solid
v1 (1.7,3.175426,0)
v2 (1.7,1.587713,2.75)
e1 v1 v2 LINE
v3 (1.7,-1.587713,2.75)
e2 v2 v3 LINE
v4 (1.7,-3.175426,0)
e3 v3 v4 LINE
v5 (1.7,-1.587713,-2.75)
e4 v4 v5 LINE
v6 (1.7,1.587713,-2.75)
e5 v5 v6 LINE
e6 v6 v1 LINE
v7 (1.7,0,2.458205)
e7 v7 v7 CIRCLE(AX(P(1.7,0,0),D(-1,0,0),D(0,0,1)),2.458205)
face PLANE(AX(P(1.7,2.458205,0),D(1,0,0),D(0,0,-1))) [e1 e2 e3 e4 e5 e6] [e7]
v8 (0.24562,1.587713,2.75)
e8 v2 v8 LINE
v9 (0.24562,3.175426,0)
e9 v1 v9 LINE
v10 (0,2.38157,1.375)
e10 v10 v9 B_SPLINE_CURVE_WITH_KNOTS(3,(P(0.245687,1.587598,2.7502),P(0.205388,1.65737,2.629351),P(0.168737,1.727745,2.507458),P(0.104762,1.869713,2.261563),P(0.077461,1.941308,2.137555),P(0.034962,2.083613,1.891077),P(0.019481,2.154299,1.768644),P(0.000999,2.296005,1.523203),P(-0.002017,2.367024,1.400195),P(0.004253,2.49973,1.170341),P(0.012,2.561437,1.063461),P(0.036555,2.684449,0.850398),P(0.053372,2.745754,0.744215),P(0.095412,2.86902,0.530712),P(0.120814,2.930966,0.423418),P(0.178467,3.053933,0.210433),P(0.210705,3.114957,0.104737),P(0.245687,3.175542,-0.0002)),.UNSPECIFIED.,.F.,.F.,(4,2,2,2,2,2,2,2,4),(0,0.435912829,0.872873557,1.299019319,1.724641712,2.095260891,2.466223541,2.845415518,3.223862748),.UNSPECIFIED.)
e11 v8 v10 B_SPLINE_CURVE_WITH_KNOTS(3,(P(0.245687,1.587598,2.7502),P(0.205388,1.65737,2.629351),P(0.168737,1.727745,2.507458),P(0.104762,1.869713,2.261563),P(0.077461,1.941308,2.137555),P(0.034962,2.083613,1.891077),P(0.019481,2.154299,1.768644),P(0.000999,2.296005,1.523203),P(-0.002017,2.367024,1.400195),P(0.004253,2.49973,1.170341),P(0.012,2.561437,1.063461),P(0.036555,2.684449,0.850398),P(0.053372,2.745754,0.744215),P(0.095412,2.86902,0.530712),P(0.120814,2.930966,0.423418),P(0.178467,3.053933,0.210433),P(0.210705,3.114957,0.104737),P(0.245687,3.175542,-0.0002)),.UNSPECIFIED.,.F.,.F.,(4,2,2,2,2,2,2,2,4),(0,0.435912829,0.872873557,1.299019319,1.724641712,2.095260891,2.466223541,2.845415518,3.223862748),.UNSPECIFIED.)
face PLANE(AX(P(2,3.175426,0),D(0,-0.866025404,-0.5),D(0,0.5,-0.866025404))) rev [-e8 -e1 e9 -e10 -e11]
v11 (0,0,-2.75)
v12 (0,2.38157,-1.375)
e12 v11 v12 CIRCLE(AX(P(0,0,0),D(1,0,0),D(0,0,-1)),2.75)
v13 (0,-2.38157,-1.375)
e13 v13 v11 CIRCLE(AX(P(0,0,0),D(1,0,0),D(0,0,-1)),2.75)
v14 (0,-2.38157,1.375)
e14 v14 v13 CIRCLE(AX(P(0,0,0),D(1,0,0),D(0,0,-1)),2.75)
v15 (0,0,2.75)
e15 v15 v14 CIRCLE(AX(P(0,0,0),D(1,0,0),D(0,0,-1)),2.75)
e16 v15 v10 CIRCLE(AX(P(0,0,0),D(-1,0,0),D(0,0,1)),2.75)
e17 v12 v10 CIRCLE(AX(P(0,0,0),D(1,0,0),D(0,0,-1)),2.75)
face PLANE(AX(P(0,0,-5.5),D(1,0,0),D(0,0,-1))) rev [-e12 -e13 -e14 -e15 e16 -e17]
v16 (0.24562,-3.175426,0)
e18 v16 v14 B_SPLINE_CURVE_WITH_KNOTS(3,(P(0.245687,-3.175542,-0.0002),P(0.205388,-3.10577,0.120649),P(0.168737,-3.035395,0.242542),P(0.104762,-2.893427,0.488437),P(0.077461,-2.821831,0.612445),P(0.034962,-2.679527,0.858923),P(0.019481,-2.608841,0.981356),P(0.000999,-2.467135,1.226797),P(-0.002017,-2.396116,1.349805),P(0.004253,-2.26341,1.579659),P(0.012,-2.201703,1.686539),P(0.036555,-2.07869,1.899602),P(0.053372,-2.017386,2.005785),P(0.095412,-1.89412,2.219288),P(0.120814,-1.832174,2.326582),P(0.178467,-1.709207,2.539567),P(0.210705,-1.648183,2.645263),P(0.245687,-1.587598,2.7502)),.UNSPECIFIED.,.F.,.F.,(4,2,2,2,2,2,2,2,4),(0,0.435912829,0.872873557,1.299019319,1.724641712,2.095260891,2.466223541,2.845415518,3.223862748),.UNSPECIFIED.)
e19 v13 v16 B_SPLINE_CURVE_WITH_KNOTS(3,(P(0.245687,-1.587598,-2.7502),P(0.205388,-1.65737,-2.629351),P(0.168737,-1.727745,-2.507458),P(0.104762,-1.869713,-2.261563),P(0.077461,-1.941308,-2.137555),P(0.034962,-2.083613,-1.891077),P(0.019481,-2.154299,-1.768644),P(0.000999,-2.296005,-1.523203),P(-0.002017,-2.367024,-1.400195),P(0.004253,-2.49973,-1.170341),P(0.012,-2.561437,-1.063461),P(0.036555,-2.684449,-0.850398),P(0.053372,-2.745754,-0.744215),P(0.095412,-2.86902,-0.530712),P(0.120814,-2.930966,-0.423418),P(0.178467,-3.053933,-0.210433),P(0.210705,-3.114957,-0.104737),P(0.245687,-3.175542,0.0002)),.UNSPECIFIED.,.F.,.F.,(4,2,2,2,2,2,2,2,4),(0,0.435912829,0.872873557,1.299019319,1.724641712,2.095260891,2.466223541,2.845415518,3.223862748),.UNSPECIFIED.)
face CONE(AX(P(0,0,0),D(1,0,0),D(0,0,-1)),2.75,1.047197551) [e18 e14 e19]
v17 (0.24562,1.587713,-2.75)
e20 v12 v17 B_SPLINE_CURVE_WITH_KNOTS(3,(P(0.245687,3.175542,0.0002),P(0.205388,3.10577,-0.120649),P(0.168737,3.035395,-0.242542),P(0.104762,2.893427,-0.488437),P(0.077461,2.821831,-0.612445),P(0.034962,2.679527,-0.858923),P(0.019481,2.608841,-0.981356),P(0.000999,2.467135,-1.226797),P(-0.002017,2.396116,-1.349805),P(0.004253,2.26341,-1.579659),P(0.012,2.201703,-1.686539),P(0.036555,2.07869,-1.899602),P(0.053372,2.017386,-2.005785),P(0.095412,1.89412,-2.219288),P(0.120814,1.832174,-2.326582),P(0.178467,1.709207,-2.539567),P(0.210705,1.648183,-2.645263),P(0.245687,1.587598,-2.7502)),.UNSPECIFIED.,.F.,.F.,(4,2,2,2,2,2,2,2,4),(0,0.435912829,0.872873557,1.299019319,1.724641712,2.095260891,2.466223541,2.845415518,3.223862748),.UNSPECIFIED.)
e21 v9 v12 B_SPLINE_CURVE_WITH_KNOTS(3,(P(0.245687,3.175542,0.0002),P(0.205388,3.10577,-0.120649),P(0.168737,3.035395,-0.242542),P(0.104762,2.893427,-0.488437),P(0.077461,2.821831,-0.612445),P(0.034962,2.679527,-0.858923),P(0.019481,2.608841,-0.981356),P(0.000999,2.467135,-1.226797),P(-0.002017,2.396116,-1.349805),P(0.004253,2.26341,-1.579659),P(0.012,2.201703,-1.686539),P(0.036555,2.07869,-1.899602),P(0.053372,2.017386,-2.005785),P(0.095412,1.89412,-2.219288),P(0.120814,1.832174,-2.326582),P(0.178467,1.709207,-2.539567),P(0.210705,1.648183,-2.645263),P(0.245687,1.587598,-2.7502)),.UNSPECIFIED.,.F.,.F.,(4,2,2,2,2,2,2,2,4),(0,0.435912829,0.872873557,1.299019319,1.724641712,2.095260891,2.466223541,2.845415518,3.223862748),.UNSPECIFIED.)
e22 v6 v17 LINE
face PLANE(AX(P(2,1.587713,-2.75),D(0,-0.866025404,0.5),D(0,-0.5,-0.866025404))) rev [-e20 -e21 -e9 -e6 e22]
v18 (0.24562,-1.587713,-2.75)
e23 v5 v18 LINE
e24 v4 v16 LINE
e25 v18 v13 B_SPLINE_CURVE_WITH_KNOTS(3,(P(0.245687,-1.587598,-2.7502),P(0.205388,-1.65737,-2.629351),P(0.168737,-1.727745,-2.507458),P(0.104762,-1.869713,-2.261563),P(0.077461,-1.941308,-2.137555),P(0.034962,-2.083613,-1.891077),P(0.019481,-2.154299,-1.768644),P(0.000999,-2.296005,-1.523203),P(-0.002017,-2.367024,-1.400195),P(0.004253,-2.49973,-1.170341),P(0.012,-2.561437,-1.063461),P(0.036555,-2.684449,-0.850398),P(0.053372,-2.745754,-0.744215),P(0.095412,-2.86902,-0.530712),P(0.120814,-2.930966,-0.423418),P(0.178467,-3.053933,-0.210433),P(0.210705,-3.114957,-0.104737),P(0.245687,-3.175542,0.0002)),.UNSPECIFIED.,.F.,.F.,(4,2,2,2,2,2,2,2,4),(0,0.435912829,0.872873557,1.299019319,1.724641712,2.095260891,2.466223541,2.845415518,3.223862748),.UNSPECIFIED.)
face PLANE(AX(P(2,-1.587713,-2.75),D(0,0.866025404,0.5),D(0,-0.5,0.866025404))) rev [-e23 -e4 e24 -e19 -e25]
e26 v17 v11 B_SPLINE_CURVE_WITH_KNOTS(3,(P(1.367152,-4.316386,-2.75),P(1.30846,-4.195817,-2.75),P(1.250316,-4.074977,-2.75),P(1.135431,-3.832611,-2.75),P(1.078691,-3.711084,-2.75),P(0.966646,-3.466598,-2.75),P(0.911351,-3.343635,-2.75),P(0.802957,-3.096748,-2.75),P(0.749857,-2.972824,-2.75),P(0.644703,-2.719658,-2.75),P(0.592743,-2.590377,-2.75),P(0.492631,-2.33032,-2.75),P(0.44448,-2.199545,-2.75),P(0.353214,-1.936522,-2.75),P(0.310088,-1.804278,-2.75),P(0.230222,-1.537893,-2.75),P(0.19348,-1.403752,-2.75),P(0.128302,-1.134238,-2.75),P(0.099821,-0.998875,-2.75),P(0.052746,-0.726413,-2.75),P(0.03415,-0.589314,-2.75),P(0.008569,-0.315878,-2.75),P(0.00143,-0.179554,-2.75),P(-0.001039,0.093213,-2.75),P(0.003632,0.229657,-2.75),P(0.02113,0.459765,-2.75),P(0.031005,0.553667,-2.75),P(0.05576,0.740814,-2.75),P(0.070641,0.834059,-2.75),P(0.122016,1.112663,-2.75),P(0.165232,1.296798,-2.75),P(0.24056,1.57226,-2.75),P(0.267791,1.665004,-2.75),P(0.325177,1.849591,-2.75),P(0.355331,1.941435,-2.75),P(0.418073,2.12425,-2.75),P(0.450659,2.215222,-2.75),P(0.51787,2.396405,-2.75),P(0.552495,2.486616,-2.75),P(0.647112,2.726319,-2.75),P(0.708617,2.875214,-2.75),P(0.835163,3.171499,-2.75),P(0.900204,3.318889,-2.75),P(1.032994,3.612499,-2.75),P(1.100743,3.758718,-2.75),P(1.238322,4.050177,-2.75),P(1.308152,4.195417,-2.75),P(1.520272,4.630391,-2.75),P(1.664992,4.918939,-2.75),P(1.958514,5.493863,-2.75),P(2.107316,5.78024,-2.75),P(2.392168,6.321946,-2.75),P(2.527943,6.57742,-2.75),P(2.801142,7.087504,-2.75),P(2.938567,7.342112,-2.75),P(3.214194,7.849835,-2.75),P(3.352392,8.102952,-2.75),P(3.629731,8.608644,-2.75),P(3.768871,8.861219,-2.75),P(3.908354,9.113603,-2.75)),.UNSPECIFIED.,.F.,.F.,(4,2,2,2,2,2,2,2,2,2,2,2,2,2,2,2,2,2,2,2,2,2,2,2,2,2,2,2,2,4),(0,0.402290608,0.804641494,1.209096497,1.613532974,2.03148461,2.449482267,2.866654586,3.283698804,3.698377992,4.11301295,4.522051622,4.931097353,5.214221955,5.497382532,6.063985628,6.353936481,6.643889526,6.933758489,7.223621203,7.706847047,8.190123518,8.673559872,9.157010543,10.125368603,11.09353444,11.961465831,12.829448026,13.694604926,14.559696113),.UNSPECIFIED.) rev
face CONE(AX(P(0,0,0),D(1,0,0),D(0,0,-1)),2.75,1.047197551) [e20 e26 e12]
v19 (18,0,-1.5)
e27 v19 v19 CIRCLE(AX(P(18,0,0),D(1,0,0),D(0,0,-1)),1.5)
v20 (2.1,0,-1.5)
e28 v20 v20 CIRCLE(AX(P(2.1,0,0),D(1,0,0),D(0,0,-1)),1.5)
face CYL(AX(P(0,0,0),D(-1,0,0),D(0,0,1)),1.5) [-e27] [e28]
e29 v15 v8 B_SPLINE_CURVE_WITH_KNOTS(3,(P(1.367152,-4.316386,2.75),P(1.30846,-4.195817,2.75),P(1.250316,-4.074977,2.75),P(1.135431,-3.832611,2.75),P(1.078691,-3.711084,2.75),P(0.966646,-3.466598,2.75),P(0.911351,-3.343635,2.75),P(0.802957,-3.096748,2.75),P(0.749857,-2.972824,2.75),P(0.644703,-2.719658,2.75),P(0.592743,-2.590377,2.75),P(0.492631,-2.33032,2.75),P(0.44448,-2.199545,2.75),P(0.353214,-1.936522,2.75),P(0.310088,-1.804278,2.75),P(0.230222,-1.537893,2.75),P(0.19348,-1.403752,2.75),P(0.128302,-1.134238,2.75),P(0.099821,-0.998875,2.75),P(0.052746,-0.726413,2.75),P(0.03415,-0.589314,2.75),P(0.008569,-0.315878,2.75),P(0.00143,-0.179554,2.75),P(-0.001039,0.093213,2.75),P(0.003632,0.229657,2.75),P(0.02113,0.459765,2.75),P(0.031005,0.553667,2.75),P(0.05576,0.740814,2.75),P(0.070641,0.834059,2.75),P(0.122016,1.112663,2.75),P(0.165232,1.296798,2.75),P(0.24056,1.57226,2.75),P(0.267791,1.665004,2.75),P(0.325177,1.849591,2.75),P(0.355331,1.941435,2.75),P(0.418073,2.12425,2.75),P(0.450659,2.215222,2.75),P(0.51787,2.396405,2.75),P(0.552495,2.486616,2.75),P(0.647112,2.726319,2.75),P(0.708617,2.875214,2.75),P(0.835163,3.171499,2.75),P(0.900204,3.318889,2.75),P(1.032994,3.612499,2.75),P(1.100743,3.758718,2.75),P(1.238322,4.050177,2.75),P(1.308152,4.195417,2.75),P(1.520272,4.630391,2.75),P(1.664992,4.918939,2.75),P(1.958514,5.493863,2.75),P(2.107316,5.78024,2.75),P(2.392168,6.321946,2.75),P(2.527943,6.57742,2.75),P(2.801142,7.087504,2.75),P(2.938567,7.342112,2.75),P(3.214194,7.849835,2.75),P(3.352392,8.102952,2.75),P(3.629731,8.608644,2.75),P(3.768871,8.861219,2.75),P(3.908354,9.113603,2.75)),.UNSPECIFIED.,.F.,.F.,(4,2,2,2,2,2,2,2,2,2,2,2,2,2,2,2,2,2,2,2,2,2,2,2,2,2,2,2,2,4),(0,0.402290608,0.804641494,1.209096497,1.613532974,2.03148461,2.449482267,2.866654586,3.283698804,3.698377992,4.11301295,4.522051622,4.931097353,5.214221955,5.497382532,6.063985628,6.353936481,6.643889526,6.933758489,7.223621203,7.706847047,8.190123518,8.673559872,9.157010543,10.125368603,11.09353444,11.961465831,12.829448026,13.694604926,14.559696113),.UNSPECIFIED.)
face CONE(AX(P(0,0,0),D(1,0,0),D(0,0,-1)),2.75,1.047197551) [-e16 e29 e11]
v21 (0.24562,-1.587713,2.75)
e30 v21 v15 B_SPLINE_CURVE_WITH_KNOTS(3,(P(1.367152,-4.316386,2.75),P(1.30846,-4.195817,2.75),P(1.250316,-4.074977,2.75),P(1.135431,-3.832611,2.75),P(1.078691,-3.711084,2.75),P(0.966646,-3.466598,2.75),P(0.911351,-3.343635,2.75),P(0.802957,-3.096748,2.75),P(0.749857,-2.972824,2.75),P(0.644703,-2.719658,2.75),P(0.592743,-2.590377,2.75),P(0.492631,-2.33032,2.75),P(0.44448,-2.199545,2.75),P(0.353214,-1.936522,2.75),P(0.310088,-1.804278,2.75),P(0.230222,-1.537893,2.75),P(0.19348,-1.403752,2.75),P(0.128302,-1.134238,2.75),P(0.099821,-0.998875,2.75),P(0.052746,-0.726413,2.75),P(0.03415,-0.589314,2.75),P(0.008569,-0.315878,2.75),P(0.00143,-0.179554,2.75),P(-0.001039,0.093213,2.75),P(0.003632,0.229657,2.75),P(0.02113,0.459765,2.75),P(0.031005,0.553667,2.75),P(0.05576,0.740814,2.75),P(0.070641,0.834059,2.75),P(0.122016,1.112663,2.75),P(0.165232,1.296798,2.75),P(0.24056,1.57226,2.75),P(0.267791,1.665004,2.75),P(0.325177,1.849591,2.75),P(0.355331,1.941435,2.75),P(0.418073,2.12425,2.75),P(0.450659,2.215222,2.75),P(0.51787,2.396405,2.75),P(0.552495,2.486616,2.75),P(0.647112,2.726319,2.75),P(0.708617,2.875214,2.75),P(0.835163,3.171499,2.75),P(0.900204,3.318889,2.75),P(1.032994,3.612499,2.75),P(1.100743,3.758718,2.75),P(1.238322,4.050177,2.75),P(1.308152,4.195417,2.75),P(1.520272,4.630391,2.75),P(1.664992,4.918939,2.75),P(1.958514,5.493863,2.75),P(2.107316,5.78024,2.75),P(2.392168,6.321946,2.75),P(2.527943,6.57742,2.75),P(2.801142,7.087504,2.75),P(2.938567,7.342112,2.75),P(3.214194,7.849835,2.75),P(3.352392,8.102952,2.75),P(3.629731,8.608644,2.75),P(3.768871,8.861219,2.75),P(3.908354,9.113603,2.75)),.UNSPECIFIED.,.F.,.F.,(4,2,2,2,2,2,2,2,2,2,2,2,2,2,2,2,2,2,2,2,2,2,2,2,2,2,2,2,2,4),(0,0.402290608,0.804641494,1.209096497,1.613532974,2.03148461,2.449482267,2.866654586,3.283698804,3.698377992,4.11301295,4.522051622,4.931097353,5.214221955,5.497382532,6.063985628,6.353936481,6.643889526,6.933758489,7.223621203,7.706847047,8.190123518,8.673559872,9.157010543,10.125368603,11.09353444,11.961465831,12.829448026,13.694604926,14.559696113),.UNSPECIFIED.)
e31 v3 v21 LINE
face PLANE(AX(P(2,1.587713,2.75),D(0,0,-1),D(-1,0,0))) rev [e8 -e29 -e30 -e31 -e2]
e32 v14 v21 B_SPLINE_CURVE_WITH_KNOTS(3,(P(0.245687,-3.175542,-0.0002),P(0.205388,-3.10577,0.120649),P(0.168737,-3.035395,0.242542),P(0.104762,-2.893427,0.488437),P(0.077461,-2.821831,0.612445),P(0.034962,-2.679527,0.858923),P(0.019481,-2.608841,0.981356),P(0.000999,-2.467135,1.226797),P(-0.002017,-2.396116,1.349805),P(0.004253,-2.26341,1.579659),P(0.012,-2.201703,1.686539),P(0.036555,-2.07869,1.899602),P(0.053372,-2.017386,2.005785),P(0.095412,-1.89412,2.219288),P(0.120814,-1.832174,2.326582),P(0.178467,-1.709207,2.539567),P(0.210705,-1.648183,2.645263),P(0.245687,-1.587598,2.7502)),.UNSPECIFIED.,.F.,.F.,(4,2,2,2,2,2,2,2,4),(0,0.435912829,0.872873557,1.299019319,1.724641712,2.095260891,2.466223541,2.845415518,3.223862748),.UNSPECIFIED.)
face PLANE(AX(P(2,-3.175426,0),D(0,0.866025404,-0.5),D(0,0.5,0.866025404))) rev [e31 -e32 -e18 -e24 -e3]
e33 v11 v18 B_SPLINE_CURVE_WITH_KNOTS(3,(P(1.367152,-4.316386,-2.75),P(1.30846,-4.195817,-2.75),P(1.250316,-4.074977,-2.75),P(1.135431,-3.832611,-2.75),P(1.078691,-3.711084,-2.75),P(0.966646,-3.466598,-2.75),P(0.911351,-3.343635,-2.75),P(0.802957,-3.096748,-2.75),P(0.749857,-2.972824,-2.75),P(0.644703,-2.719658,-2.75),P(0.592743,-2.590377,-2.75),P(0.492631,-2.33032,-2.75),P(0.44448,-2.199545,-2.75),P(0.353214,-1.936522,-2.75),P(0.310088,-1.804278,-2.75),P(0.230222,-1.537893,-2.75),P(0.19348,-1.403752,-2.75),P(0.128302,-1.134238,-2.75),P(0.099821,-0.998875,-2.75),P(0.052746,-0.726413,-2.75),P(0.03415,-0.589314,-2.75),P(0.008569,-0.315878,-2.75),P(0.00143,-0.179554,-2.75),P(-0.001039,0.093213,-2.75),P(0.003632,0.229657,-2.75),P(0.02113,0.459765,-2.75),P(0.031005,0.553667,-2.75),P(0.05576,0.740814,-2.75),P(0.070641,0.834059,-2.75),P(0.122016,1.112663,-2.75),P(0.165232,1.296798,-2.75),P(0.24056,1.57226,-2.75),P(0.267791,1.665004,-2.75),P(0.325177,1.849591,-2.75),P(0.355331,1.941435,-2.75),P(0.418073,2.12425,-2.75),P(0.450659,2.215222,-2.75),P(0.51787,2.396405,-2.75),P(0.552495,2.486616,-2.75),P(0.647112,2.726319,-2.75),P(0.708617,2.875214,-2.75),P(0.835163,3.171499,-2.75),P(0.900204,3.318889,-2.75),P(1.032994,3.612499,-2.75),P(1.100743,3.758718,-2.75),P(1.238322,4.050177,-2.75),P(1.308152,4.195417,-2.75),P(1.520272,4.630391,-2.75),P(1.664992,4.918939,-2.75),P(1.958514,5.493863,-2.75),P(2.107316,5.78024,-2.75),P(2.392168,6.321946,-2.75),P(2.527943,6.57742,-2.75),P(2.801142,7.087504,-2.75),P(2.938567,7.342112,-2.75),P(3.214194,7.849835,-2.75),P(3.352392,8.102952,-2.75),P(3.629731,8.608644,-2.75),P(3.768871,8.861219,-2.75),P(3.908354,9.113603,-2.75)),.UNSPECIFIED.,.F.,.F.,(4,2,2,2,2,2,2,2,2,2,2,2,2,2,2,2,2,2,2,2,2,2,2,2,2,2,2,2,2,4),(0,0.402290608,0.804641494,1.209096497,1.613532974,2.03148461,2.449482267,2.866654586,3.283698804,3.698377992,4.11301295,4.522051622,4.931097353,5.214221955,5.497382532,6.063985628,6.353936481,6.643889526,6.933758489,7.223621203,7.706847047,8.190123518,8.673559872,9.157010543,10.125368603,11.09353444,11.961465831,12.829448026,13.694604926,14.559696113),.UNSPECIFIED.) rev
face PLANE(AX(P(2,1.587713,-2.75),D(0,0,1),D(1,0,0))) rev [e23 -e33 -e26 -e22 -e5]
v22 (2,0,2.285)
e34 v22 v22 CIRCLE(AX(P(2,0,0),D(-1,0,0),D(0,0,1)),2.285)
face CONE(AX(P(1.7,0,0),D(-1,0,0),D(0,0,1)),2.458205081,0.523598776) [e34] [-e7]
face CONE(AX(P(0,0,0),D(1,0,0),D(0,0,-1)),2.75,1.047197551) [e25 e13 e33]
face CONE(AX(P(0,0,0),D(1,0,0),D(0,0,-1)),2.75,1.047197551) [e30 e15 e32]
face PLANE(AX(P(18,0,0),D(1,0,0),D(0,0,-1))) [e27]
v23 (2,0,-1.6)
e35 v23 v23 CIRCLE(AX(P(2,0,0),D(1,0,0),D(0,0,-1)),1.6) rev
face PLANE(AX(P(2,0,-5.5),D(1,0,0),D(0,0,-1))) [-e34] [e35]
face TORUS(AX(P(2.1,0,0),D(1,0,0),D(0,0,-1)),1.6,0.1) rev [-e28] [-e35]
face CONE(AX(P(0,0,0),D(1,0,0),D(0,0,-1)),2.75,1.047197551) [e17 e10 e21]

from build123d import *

# Parameters (mm, degrees)
EXTRUDE_400_DEPTH   = 2
FILLET_1302_R       = 0.1
SKETCH_7_R          = 3.348684761
CUT_EXTRUDE_1_DEPTH = 9


with BuildPart() as part:
    # 草图1 → Extrude 400 (new body)
    with BuildSketch(Plane(origin=(0, 0, 0), x_dir=(0, 0, -1), z_dir=(1, 0, 0))):
        Polygon((2.75, 1.58771324), (2.75, -1.58771324), (0, -3.175426481), (-2.75, -1.58771324), (-2.75, 1.58771324), (0, 3.175426481), align=None)
    extrude(amount=EXTRUDE_400_DEPTH)

    # 草图2 → 凸台-旋转1 (revolve)
    with BuildSketch(Plane.XY, mode=Mode.PRIVATE) as revolve_1_sk:
        Polygon((0, 0), (27, 0), (27, 1.067), (27, 1.5), (0, 1.5), align=None)
    revolve(revolve_1_sk.sketch.rotate(Axis((0, 0, 0), (1, 0, 0)), 90), axis=Axis((0, 0, 0), (1, 0, 0)))

    # 草图3 → 切除-旋转1 (revolve, cut)
    with BuildSketch(Plane.XY):
        Polygon((0, 2.75), (3.132371439, 8.175426481), (3.132371439, 13.175426481), (-10, 13.175426481), (-10, 2.75), align=None)
    revolve(axis=Axis((0, 0, 0), (1, 0, 0)), mode=Mode.SUBTRACT)

    # 草图4 → 切除-旋转3 (revolve, cut)
    with BuildSketch(Plane.XY, mode=Mode.PRIVATE) as cut_revolve_3_sk:
        Polygon((2, 2.285), (1.7, 2.458205081), (1.7, 3.175426481), (2, 3.175426481), align=None)
    revolve(cut_revolve_3_sk.sketch.rotate(Axis((0, 0, 0), (1, 0, 0)), 90), axis=Axis((0, 0, 0), (1, 0, 0)), mode=Mode.SUBTRACT)

    # Fillet 1302
    fillet_1302_edges = [part.edges().sort_by_distance(p)[0] for p in [
        (2, 0, -1.5),
    ]]
    fillet(fillet_1302_edges, radius=FILLET_1302_R)

    # 草图6 → 切除-旋转4 (revolve, cut)
    with BuildSketch(Plane.XY, mode=Mode.PRIVATE) as cut_revolve_4_sk:
        Polygon((26.75, 1.5), (27.25, 1.5), (27, 1.066987298), align=None)
    revolve(cut_revolve_4_sk.sketch.rotate(Axis((0, 0, 0), (1, 0, 0)), 90), axis=Axis((0, 0, 0), (1, 0, 0)), mode=Mode.SUBTRACT)

    # 草图7 → 切除-拉伸1 (cut)
    with BuildSketch(Plane(origin=(27, 0, 0), x_dir=(0, 0, -1), z_dir=(1, 0, 0))):
        Circle(SKETCH_7_R)
    extrude(amount=-CUT_EXTRUDE_1_DEPTH, mode=Mode.SUBTRACT)


solid = part.part
